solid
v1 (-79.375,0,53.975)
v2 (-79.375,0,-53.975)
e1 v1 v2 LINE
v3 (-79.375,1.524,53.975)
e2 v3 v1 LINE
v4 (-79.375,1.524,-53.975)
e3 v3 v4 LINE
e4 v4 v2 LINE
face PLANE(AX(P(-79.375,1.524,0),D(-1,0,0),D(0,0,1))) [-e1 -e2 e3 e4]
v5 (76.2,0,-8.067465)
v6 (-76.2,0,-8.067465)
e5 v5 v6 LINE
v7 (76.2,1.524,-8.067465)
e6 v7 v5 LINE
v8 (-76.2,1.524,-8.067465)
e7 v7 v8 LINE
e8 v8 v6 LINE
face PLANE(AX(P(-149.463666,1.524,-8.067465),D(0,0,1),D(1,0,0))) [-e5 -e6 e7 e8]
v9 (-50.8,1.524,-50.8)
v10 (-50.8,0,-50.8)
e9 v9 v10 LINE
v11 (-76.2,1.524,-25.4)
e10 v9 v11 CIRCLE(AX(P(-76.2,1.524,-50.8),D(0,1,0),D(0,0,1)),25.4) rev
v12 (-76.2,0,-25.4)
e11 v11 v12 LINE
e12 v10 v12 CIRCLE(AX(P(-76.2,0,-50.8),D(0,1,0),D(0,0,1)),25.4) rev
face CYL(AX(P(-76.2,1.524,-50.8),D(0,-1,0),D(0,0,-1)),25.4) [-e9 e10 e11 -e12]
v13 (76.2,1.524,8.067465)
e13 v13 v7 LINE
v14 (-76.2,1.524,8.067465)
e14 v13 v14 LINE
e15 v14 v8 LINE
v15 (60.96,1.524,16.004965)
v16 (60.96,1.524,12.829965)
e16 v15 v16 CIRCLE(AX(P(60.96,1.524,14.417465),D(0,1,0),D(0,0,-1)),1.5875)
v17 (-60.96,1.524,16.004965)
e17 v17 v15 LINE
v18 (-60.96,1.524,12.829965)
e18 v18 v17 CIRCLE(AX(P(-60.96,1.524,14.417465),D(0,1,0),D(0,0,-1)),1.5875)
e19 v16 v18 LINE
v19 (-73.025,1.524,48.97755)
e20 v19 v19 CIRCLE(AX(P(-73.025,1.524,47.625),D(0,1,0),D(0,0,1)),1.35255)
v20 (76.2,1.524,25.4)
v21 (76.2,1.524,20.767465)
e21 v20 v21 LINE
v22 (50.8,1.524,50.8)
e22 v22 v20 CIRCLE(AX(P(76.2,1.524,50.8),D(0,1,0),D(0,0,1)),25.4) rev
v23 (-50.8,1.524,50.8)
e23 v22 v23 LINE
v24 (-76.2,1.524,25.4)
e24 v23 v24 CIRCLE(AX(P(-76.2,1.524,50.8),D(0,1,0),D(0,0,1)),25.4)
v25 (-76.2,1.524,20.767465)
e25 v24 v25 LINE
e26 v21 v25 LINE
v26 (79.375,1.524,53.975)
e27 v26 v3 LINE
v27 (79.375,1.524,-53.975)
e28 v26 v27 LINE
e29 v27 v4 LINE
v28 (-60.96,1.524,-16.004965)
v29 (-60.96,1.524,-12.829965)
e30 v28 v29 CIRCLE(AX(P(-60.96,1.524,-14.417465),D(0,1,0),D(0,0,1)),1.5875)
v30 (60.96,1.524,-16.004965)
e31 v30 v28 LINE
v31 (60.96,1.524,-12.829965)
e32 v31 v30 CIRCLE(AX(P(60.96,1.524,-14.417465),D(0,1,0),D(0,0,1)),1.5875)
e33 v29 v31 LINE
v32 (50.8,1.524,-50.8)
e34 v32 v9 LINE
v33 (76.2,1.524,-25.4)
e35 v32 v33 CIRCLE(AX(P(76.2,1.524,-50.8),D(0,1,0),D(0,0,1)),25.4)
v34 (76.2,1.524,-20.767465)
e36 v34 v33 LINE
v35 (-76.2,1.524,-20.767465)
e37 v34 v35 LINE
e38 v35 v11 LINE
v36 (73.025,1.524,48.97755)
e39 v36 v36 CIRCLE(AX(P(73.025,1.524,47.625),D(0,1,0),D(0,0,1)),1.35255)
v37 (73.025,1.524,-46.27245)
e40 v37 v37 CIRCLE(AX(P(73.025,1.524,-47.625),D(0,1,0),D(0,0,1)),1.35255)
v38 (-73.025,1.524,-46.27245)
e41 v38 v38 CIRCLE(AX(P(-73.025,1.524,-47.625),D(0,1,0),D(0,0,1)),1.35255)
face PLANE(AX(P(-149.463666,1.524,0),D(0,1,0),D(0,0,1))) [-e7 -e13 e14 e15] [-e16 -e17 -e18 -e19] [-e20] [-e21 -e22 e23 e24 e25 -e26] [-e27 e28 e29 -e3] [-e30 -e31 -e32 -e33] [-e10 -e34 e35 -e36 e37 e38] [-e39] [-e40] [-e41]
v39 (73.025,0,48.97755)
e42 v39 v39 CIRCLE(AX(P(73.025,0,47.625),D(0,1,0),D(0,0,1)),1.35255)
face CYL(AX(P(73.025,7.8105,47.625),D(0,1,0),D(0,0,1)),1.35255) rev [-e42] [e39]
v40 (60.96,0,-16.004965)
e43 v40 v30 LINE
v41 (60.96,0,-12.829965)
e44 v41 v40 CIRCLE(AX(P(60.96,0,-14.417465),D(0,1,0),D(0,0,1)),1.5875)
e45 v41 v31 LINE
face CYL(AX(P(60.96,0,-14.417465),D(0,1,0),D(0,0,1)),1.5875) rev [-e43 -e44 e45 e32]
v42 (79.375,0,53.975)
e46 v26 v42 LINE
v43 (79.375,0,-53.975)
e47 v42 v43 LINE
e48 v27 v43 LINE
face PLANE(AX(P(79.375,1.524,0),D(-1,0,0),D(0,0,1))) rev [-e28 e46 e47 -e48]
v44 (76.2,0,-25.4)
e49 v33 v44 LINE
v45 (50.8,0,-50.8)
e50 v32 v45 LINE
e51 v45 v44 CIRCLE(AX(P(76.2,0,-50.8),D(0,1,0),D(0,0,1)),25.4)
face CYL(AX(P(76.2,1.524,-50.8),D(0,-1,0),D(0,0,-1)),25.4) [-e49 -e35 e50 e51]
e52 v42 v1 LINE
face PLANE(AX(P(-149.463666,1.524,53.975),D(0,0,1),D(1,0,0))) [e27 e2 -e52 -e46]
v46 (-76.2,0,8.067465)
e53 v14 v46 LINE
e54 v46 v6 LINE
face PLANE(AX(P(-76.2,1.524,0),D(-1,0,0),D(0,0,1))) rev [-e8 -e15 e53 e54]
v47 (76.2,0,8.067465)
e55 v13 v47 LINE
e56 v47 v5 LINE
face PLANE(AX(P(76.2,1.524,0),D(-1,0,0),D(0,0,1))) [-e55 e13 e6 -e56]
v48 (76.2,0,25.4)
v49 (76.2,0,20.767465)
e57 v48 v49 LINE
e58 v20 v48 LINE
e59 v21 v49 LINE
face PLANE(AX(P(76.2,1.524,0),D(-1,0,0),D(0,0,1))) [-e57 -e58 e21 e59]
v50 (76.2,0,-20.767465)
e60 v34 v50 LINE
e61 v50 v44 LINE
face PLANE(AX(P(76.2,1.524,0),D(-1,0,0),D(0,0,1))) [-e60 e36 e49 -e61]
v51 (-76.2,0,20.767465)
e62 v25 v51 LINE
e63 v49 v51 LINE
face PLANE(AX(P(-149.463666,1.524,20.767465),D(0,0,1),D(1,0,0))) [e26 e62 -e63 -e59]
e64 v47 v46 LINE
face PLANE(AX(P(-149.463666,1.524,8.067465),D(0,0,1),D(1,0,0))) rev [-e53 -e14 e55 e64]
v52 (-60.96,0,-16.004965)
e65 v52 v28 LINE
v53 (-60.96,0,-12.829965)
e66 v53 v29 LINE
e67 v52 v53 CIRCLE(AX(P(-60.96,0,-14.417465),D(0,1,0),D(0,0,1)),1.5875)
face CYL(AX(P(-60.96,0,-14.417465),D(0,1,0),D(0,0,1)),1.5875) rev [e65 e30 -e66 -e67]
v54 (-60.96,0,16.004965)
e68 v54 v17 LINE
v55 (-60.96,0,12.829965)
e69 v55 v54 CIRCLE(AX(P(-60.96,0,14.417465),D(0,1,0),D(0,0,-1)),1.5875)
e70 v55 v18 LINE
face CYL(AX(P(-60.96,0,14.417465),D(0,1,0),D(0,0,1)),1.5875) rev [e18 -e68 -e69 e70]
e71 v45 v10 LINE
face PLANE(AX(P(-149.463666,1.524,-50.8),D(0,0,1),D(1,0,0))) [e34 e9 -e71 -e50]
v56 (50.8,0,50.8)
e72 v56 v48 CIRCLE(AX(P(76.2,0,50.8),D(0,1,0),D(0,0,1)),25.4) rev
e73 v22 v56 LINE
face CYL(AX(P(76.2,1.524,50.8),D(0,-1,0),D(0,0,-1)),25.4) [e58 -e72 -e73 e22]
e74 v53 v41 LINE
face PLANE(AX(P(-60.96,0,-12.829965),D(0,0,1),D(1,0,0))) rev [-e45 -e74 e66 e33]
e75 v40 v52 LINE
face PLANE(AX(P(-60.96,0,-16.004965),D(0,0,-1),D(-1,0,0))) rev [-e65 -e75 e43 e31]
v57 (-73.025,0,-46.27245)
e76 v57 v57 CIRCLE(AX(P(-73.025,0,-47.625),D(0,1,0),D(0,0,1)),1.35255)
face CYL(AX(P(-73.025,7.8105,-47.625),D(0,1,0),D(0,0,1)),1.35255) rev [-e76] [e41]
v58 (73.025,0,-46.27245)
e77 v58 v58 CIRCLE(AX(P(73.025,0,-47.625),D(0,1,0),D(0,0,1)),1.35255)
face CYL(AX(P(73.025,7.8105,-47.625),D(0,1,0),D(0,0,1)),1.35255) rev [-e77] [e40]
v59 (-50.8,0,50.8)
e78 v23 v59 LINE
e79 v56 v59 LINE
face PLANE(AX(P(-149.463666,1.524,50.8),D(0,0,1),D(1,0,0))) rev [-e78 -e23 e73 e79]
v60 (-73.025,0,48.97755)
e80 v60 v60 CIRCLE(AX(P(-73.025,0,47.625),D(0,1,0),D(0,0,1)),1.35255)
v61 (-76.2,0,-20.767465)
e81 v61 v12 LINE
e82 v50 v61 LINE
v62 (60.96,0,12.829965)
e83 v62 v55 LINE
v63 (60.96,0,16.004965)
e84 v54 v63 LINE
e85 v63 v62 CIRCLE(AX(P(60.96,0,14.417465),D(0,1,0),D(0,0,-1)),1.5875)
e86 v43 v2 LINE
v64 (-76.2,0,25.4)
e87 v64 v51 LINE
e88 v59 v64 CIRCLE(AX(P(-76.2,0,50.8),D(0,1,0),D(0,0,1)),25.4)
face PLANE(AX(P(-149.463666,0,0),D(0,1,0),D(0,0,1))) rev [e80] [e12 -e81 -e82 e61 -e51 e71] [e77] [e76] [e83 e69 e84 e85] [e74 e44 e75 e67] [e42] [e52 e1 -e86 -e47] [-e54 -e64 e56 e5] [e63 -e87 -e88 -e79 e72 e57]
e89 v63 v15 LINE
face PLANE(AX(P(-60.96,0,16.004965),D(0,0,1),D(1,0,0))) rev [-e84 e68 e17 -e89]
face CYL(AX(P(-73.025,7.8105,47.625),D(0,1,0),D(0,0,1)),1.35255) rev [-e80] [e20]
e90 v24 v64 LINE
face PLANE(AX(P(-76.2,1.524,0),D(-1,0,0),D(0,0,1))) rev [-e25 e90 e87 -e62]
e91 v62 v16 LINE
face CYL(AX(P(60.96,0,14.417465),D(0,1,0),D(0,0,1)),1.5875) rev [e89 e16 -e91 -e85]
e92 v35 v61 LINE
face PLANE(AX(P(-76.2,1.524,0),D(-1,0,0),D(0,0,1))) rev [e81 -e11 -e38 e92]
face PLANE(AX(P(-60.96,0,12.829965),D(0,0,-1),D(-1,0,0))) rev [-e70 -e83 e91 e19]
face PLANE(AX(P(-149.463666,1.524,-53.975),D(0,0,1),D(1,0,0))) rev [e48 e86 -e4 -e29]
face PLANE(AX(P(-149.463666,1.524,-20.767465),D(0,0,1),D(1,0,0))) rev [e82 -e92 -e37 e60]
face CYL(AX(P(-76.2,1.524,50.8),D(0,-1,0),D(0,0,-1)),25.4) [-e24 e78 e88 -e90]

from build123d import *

# Parameters (mm, degrees)
SKETCH1_W             = 158.75
SKETCH1_H             = 107.95
SKETCH1_W_2           = 152.4
SKETCH1_H_2           = 16.134929366
BOSS_EXTRUDE1_DEPTH   = 1.524
CUT_EXTRUDE1_DEPTH    = 2.524
F_6_32_TAPPED_HOLE1_D = 2.7051
F_6_32_TAPPED_HOLE2_D = 2.7051


with BuildPart() as part:
    # Sketch1 → Boss-Extrude1 (new body)
    with BuildSketch(Plane(origin=(0, 0, 0), x_dir=(1, 0, 0), z_dir=(0, 1, 0))):
        Rectangle(SKETCH1_W, SKETCH1_H)
        with BuildLine():
            Line((-76.2, -25.4), (-76.2, -20.767464683))
            Line((-76.2, -20.767464683), (76.2, -20.767464683))
            Line((76.2, -20.767464683), (76.2, -25.4))
            ThreePointArc((76.2, -25.4), (58.239487758, -32.839487758), (50.8, -50.8))
            Line((50.8, -50.8), (-50.8, -50.8))
            ThreePointArc((-50.8, -50.8), (-58.239487758, -32.839487758), (-76.2, -25.4))
        make_face(mode=Mode.SUBTRACT)
        Rectangle(SKETCH1_W_2, SKETCH1_H_2, mode=Mode.SUBTRACT)
        with BuildLine():
            Line((76.2, 20.767464683), (-76.2, 20.767464683))
            Line((-76.2, 20.767464683), (-76.2, 25.4))
            ThreePointArc((-76.2, 25.4), (-58.239487758, 32.839487758), (-50.8, 50.8))
            Line((-50.8, 50.8), (50.8, 50.8))
            ThreePointArc((50.8, 50.8), (58.239487758, 32.839487758), (76.2, 25.4))
            Line((76.2, 25.4), (76.2, 20.767464683))
        make_face(mode=Mode.SUBTRACT)
    extrude(amount=BOSS_EXTRUDE1_DEPTH)

    # Sketch3 → Cut-Extrude1 (cut, through all)
    with BuildSketch(Plane(origin=(0, 1.524, 0), x_dir=(1, 0, 0), z_dir=(0, 1, 0))):
        with BuildLine():
            Line((-60.96, 16.004964683), (60.96, 16.004964683))
            ThreePointArc((60.96, 16.004964683), (62.5475, 14.417464683), (60.96, 12.829964683))
            Line((60.96, 12.829964683), (-60.96, 12.829964683))
            ThreePointArc((-60.96, 12.829964683), (-62.5475, 14.417464683), (-60.96, 16.004964683))
        make_face()
        with BuildLine():
            Line((-60.96, -16.004964683), (60.96, -16.004964683))
            ThreePointArc((60.96, -16.004964683), (62.5475, -14.417464683), (60.96, -12.829964683))
            Line((60.96, -12.829964683), (-60.96, -12.829964683))
            ThreePointArc((-60.96, -12.829964683), (-62.5475, -14.417464683), (-60.96, -16.004964683))
        make_face()
    extrude(amount=-CUT_EXTRUDE1_DEPTH, mode=Mode.SUBTRACT)

    # #6-32 Tapped Hole1 (through all)
    with Locations(Plane(origin=(0, 7.8105, 0), x_dir=(-1, 0, 0), z_dir=(0, 1, 0))):
        with Locations((73.025, -47.625), (73.025, 47.625), (-73.025, 47.625), (-73.025, -47.625)):
            Hole(F_6_32_TAPPED_HOLE1_D / 2)

    # #6-32 Tapped Hole2 (through all)
    with Locations(Plane(origin=(0, 1.524, 0), x_dir=(-1, 0, 0), z_dir=(0, 1, 0))):
        with Locations((73.025, -47.625), (73.025, 47.625), (-73.025, 47.625), (-73.025, -47.625)):
            Hole(F_6_32_TAPPED_HOLE2_D / 2)


solid = part.part
